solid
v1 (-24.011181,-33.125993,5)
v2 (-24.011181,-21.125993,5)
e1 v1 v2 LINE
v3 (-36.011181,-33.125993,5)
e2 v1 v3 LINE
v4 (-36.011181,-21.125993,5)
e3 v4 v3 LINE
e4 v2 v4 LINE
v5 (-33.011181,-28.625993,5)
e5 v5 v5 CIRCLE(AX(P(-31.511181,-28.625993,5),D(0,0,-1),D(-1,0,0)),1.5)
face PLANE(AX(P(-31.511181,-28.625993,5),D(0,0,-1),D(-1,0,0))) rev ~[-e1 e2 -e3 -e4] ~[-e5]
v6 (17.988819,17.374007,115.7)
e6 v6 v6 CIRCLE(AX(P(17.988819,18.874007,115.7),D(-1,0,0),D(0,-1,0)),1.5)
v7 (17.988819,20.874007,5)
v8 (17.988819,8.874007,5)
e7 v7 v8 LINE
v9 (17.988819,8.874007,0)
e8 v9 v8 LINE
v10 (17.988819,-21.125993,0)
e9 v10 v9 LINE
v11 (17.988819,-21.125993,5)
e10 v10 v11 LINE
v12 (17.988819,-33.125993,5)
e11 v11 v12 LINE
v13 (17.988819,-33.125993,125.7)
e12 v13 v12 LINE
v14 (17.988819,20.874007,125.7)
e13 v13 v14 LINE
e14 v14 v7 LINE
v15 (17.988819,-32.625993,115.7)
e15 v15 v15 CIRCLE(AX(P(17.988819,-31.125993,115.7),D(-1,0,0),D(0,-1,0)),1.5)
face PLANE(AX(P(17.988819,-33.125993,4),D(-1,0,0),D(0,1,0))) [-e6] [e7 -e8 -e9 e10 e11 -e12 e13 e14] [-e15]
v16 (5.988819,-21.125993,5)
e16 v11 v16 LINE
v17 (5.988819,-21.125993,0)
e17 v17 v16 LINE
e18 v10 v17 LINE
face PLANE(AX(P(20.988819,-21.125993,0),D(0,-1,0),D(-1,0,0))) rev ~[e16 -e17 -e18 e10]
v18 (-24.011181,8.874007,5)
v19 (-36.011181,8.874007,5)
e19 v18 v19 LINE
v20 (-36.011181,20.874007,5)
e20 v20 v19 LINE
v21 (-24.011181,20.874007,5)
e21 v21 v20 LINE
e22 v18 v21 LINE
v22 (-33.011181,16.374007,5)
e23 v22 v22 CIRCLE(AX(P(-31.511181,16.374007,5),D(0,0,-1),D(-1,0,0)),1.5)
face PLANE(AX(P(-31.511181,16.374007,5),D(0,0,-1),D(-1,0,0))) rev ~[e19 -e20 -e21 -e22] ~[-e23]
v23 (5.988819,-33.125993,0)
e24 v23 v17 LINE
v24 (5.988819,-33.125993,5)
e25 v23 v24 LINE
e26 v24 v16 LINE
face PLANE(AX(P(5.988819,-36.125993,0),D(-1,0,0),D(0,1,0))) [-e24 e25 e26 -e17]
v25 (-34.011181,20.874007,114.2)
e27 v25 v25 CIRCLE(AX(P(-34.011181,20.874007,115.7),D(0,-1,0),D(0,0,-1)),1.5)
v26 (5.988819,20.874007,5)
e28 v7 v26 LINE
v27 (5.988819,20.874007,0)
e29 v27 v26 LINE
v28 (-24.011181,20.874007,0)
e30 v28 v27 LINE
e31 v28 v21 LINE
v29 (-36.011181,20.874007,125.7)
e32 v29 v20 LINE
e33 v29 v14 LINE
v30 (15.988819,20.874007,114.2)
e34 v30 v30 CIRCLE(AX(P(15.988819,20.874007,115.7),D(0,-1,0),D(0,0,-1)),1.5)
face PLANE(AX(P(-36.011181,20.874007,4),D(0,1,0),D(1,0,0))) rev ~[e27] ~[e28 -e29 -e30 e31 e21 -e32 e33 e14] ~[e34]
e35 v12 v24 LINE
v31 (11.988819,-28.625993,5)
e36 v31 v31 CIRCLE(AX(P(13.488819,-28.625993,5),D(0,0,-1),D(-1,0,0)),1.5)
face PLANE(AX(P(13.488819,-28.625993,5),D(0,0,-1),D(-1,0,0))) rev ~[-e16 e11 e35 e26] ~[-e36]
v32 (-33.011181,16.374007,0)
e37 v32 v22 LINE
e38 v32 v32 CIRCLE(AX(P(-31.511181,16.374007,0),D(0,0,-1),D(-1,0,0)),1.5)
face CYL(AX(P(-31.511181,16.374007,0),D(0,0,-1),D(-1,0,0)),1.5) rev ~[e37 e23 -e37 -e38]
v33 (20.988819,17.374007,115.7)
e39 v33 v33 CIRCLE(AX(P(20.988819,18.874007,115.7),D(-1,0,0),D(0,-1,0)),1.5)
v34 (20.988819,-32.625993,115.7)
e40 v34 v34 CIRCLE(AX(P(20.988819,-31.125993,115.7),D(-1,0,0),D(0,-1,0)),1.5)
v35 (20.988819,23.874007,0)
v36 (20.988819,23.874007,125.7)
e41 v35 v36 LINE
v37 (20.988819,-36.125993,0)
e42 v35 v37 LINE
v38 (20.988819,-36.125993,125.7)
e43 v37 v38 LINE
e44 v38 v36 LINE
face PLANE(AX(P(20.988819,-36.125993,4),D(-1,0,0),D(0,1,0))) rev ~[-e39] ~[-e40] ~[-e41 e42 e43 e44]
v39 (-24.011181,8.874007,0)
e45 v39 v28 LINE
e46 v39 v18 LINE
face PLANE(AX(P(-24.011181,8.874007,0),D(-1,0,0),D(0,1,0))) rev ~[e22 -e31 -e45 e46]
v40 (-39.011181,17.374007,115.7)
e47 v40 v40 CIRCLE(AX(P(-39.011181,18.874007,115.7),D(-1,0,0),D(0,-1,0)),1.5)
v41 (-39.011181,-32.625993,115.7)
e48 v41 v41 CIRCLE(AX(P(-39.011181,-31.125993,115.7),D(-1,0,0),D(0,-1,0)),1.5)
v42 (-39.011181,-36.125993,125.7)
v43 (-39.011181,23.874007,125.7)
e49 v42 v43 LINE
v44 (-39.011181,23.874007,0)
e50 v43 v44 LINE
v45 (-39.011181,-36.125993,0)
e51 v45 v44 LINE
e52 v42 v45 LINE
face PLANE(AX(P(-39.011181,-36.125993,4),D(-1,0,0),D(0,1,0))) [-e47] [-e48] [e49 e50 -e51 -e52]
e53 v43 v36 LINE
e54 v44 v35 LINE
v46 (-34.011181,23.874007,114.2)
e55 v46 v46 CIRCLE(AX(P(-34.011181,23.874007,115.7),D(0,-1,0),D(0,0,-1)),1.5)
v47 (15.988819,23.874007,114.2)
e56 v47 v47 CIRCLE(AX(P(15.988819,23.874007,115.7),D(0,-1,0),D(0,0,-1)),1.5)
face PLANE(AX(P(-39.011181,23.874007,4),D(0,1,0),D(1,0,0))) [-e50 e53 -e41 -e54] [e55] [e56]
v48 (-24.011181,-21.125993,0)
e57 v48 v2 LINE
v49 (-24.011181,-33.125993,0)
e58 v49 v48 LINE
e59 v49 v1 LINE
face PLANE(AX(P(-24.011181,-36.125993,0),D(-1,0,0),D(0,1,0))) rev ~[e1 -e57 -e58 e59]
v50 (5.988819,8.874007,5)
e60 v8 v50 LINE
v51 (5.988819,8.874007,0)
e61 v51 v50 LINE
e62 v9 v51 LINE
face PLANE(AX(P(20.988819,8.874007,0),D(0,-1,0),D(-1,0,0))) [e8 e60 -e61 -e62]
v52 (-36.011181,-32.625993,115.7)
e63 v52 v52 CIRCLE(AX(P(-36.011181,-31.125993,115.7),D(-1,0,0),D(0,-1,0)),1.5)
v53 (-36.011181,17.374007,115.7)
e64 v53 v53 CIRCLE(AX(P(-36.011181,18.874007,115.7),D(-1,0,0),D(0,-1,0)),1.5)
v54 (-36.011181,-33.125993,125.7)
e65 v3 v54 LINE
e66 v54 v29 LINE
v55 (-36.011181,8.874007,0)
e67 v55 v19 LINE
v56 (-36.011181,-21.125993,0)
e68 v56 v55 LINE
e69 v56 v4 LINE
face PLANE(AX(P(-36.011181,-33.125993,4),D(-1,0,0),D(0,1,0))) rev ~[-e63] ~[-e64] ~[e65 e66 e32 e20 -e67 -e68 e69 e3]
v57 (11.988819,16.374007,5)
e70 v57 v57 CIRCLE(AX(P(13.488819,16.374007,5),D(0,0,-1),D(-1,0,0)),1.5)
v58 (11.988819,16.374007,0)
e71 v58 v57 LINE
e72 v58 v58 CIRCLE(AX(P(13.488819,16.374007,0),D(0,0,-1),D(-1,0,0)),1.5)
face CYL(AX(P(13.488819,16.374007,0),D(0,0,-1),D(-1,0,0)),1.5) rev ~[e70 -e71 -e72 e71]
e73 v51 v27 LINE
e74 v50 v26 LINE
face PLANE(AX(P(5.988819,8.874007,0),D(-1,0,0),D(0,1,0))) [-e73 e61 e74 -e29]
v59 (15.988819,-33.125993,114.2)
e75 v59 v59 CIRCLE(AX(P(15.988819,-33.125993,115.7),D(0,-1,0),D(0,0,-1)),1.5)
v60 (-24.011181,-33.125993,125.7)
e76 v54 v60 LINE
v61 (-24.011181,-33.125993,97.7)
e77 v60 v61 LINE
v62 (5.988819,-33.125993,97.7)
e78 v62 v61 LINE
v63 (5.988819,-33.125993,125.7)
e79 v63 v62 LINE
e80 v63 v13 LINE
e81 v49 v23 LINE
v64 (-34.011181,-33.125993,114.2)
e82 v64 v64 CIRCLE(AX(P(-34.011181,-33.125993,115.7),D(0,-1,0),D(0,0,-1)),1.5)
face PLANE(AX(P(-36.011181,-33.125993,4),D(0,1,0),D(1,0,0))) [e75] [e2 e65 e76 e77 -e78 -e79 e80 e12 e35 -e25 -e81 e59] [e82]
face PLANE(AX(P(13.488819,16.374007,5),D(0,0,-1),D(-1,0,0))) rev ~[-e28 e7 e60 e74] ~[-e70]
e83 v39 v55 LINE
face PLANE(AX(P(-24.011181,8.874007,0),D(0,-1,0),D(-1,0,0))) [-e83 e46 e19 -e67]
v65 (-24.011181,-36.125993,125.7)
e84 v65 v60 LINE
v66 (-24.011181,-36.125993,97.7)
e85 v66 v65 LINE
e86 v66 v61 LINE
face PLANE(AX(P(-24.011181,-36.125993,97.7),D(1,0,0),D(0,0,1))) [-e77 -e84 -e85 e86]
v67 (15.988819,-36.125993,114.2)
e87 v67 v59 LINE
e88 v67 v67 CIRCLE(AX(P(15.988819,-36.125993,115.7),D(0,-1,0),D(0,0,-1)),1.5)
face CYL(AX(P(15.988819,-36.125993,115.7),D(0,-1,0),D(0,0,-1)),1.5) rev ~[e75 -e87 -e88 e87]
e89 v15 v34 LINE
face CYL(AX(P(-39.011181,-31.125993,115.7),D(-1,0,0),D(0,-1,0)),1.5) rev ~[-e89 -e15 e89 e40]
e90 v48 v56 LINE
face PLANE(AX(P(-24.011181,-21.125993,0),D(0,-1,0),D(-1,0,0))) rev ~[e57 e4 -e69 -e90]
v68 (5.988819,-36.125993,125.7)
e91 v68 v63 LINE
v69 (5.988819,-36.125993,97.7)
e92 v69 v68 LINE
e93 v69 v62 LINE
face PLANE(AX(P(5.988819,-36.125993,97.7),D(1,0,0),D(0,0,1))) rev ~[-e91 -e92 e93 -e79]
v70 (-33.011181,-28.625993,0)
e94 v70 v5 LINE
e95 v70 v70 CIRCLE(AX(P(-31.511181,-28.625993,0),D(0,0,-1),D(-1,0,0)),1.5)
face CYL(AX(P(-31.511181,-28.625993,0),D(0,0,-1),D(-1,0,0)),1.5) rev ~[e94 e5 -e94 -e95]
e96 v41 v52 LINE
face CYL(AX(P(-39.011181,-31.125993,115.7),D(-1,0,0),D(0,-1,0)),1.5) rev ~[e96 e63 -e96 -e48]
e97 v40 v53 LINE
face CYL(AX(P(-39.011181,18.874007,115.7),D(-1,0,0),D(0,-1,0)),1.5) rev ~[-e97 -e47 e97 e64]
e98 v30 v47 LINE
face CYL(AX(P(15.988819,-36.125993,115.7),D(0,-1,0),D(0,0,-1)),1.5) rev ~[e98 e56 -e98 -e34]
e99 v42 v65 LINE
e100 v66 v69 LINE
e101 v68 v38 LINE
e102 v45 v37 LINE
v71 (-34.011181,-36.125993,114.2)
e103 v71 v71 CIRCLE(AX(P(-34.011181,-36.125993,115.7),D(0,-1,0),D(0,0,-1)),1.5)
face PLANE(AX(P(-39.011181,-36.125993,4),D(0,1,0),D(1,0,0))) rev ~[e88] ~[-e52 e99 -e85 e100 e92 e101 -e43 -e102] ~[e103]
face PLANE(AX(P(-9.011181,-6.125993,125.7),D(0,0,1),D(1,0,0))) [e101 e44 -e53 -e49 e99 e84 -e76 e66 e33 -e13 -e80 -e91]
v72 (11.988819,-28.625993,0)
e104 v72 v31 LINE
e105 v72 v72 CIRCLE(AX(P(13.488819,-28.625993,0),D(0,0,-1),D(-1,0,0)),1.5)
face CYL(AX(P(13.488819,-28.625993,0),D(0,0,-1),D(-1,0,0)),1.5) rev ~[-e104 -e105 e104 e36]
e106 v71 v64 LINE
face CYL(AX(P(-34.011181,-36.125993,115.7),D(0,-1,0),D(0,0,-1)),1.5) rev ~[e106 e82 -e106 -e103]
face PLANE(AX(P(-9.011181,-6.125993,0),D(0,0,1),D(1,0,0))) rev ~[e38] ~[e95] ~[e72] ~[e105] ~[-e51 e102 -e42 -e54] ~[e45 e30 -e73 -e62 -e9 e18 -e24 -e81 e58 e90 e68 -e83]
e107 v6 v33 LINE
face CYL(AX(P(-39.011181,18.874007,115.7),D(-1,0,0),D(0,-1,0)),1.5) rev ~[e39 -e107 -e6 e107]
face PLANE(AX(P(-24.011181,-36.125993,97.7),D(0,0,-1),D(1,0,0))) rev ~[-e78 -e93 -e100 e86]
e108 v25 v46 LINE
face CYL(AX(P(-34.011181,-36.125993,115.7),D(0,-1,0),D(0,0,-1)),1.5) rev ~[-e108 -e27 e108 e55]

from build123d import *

# Parameters (mm, degrees)
SKETCH1_W           = 60
SKETCH1_H           = 60
SKETCH1_R           = 9
SKETCH1_R_2         = 1.5
BOSS_EXTRUDE1_DEPTH = 4
SKETCH4_R           = 3.2
SKETCH4_R_2         = 2.7
BOSS_EXTRUDE6_DEPTH = 34
SKETCH5_W           = 60
SKETCH5_H           = 60
SKETCH5_W_2         = 54
SKETCH5_H_2         = 54
BOSS_EXTRUDE7_DEPTH = 121.7
SKETCH7_W           = 30
SKETCH7_H           = 28
CUT_EXTRUDE1_DEPTH  = 30.7
SKETCH15_R          = 1.5
CUT_EXTRUDE8_DEPTH  = 82
SKETCH17_W          = 54
SKETCH17_H          = 54
CUT_EXTRUDE9_DEPTH  = 38
SKETCH19_R          = 1.5
CUT_EXTRUDE10_DEPTH = 84
SKETCH20_W          = 15
SKETCH20_H          = 15
SKETCH20_R          = 1.5
BOSS_EXTRUDE8_DEPTH = 5


with BuildPart() as part:
    # Sketch1 → Boss-Extrude1 (new body)
    with BuildSketch(Plane.XY):
        with Locations((-9.011180766, -6.125993037)):
            Rectangle(SKETCH1_W, SKETCH1_H)
        with Locations((-9.011180766, -6.125993037)):
            Circle(SKETCH1_R, mode=Mode.SUBTRACT)
        with Locations((-17.995470725, 2.892105033)):
            Circle(SKETCH1_R_2, mode=Mode.SUBTRACT)
        with Locations((-18.051854011, -15.107894967)):
            Circle(SKETCH1_R_2, mode=Mode.SUBTRACT)
        with Locations((0.004529275, 2.892105033)):
            Circle(SKETCH1_R_2, mode=Mode.SUBTRACT)
        with Locations((-0.051854011, -15.107894967)):
            Circle(SKETCH1_R_2, mode=Mode.SUBTRACT)
    extrude(amount=BOSS_EXTRUDE1_DEPTH)

    # Sketch4 → Boss-Extrude6 (add)
    # profile 1 of 3: a face of its own
    with BuildSketch(Plane(origin=(0, 0, 0), x_dir=(-1, 0, 0), z_dir=(0, 0, -1))):
        with Locations(Location((-5.803539584, 2.84752695, 0), (0, 0, 180))):
            Circle(SKETCH4_R)
        with Locations((-5.803539584, 2.84752695)):
            Circle(SKETCH4_R_2, mode=Mode.SUBTRACT)
    # profile 2 of 3: a face of its own
    with BuildSketch(Plane(origin=(0, 0, 0), x_dir=(-1, 0, 0), z_dir=(0, 0, -1))):
        with Locations(Location((24.189837211, 2.217171142, 0), (0, 0, 180))):
            Circle(SKETCH4_R)
        with Locations((24.189837211, 2.217171142)):
            Circle(SKETCH4_R_2, mode=Mode.SUBTRACT)
    # profile 3 of 3: a face of its own
    with BuildSketch(Plane(origin=(0, 0, 0), x_dir=(-1, 0, 0), z_dir=(0, 0, -1))):
        with Locations(Location((8.64724467, -23.442677204, 0), (0, 0, 180))):
            Circle(SKETCH4_R)
        with Locations((8.64724467, -23.442677204)):
            Circle(SKETCH4_R_2, mode=Mode.SUBTRACT)
    extrude(amount=BOSS_EXTRUDE6_DEPTH)

    # Sketch5 → Boss-Extrude7 (add)
    with BuildSketch(Plane.XY.offset(4)):
        with Locations((-9.011180766, -6.125993037)):
            Rectangle(SKETCH5_W, SKETCH5_H)
        with Locations((-9.011180766, -6.125993037)):
            Rectangle(SKETCH5_W_2, SKETCH5_H_2, mode=Mode.SUBTRACT)
    extrude(amount=BOSS_EXTRUDE7_DEPTH)

    # Sketch7 → Cut-Extrude1 (cut)
    with BuildSketch(Plane.XZ.offset(36.125993037)):
        with Locations((-9.011180766, 111.7)):
            Rectangle(SKETCH7_W, SKETCH7_H)
    extrude(amount=-CUT_EXTRUDE1_DEPTH, mode=Mode.SUBTRACT)

    # Sketch15 → Cut-Extrude8 (cut)
    with BuildSketch(Plane.XZ.offset(36.125993037)):
        with Locations(Location((-34.011180766, 115.7, 0), (0, 0, 270))):
            Circle(SKETCH15_R)
        with Locations(Location((15.988819234, 115.7, 0), (0, 0, 270))):
            Circle(SKETCH15_R)
    extrude(amount=-CUT_EXTRUDE8_DEPTH, mode=Mode.SUBTRACT)

    # Sketch17 → Cut-Extrude9 (cut)
    with BuildSketch(Plane.XY.offset(4)):
        with Locations((-9.011180766, -6.125993037)):
            Rectangle(SKETCH17_W, SKETCH17_H)
    extrude(amount=-CUT_EXTRUDE9_DEPTH, mode=Mode.SUBTRACT)

    # Sketch19 → Cut-Extrude10 (cut)
    with BuildSketch(Plane.ZY.offset(39.011180766)):
        with Locations(Location((115.7, 18.874006963, 0), (0, 0, 270))):
            Circle(SKETCH19_R)
        with Locations(Location((115.7, -31.125993037, 0), (0, 0, 270))):
            Circle(SKETCH19_R)
    extrude(amount=-CUT_EXTRUDE10_DEPTH, mode=Mode.SUBTRACT)

    # Sketch20 → Boss-Extrude8 (add)
    # profile 1 of 4: a face of its own
    with BuildSketch(Plane(origin=(0, 0, 0), x_dir=(-1, 0, 0), z_dir=(0, 0, -1))):
        with Locations((-13.488819234, -28.625993037)):
            Rectangle(SKETCH20_W, SKETCH20_H)
        with Locations((-13.488819234, -28.625993037)):
            Circle(SKETCH20_R, mode=Mode.SUBTRACT)
    # profile 2 of 4: a face of its own
    with BuildSketch(Plane(origin=(0, 0, 0), x_dir=(-1, 0, 0), z_dir=(0, 0, -1))):
        with Locations((31.511180766, -28.625993037)):
            Rectangle(SKETCH20_W, SKETCH20_H)
        with Locations((31.511180766, -28.625993037)):
            Circle(SKETCH20_R, mode=Mode.SUBTRACT)
    # profile 3 of 4: a face of its own
    with BuildSketch(Plane(origin=(0, 0, 0), x_dir=(-1, 0, 0), z_dir=(0, 0, -1))):
        with Locations((31.511180766, 16.374006963)):
            Rectangle(SKETCH20_W, SKETCH20_H)
        with Locations((31.511180766, 16.374006963)):
            Circle(SKETCH20_R, mode=Mode.SUBTRACT)
    # profile 4 of 4: a face of its own
    with BuildSketch(Plane(origin=(0, 0, 0), x_dir=(-1, 0, 0), z_dir=(0, 0, -1))):
        with Locations((-13.488819234, 16.374006963)):
            Rectangle(SKETCH20_W, SKETCH20_H)
        with Locations((-13.488819234, 16.374006963)):
            Circle(SKETCH20_R, mode=Mode.SUBTRACT)
    extrude(amount=-BOSS_EXTRUDE8_DEPTH)


solid = part.part
